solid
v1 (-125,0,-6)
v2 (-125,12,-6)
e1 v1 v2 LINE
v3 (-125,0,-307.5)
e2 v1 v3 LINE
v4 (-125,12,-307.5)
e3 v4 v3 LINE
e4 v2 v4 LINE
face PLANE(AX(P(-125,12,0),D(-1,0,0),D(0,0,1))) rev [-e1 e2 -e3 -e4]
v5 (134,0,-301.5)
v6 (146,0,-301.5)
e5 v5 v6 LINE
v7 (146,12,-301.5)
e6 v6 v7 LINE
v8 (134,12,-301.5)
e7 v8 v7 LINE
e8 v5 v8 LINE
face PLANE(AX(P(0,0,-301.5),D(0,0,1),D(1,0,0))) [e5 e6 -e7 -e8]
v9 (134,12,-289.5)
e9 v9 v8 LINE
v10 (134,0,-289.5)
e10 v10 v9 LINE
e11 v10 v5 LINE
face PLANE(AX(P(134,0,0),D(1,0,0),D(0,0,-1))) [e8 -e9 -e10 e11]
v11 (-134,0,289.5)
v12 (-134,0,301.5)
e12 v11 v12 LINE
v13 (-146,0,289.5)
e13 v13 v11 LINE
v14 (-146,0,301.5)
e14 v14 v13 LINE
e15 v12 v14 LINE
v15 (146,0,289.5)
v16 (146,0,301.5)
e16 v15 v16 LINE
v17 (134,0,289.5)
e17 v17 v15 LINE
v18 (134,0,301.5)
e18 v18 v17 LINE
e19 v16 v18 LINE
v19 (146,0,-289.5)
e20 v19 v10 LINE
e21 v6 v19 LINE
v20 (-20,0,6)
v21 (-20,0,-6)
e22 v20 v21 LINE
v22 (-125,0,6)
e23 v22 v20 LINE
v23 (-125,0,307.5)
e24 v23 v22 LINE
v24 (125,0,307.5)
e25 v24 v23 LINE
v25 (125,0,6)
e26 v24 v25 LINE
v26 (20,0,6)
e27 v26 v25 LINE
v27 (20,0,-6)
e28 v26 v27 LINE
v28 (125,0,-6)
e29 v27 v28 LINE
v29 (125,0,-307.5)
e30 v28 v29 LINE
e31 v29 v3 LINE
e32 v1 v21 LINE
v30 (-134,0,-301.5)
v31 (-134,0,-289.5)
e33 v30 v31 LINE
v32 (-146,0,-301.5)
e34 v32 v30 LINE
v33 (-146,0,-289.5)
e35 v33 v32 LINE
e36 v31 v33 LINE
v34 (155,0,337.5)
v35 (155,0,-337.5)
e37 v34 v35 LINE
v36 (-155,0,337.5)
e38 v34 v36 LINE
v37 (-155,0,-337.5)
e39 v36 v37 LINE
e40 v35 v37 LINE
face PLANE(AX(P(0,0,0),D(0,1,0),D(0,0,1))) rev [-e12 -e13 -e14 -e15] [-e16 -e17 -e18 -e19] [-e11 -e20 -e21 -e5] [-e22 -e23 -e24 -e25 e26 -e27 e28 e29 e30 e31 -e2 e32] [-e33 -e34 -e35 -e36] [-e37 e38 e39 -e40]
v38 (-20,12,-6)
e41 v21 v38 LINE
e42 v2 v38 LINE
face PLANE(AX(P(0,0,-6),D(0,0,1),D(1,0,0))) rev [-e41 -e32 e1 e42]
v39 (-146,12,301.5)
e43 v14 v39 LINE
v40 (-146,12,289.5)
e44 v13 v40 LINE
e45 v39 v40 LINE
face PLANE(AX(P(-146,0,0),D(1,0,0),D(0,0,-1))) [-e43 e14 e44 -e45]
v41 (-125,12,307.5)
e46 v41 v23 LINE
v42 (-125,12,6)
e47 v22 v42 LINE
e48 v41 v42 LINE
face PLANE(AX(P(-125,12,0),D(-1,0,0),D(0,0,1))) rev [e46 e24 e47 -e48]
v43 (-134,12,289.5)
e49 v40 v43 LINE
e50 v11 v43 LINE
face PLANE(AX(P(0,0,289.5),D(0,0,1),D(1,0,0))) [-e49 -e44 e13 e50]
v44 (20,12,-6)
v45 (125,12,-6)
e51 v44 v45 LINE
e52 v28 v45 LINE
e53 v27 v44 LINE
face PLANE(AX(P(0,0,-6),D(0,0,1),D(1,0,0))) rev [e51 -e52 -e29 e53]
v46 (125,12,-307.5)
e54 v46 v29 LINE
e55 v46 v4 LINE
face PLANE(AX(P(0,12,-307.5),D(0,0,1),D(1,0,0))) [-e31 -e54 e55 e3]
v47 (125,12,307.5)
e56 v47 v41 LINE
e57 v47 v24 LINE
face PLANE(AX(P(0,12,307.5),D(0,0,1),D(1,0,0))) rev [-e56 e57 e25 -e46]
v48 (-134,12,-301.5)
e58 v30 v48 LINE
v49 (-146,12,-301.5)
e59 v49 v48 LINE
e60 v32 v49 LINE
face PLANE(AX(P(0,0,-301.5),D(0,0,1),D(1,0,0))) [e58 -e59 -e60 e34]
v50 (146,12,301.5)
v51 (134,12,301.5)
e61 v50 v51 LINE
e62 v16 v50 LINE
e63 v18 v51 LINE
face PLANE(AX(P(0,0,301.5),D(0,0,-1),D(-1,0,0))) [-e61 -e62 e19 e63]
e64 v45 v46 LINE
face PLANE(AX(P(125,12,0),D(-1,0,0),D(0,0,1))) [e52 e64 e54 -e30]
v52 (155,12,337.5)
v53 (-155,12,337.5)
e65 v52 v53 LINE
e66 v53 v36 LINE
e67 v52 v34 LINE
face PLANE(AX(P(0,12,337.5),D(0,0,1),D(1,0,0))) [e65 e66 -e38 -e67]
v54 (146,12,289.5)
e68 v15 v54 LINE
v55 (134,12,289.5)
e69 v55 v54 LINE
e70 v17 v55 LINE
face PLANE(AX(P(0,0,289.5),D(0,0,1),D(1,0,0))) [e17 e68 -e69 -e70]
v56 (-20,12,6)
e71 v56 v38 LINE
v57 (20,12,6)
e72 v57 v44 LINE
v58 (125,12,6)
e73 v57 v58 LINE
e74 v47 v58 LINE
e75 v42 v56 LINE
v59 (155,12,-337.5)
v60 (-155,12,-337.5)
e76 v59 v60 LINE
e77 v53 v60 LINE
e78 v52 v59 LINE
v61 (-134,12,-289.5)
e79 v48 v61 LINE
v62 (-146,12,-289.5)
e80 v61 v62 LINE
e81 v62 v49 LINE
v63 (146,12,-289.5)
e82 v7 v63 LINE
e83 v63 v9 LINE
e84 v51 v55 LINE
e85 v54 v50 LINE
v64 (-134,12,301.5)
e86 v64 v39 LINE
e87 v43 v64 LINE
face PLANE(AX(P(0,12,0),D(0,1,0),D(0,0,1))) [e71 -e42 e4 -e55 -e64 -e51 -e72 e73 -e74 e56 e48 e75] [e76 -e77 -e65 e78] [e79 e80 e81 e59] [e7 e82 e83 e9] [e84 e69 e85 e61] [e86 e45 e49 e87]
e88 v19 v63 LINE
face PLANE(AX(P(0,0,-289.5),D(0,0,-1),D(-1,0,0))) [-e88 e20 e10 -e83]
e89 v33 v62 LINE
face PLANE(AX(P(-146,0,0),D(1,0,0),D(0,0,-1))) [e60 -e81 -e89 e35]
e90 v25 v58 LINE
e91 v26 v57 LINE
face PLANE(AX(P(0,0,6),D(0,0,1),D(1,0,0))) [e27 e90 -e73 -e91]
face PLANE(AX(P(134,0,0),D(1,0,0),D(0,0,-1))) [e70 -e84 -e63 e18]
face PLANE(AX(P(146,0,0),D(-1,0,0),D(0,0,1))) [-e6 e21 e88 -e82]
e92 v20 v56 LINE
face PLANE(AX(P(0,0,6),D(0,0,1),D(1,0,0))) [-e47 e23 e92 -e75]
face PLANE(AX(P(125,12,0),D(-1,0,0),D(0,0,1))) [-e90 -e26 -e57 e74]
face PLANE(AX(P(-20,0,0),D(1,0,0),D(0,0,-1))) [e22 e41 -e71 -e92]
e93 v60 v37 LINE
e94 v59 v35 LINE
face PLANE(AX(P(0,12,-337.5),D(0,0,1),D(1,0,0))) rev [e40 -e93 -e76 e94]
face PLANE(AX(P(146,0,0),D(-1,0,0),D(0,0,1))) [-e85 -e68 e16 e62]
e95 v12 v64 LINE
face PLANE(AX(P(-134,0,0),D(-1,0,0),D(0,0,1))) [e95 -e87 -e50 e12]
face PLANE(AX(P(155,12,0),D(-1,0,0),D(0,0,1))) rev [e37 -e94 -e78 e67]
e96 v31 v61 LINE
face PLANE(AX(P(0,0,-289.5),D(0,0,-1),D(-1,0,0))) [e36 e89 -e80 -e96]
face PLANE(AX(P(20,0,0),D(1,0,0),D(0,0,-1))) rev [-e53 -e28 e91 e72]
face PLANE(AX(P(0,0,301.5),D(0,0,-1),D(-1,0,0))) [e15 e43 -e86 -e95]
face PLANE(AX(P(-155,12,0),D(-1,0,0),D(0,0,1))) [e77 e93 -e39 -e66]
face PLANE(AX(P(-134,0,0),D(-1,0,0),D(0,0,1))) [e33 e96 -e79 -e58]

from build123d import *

# Parameters (mm, degrees)
SKETCH1_W               = 310
SKETCH1_H               = 675
SKETCH1_W_2             = 300
SKETCH1_H_2             = 665
SKETCH1_W_3             = 260
SKETCH1_H_3             = 625
SKETCH1_W_4             = 250
SKETCH1_H_4             = 615
BOSS_EXTRUDE1_DEPTH     = 12
SKETCH2_W               = 12
SKETCH2_H               = 12
CUT_EXTRUDE1_DEPTH      = 1
CUT_EXTRUDE1_DEPTH_BACK = 13
SKETCH3_W               = 105
SKETCH3_H               = 12
BOSS_EXTRUDE2_DEPTH     = 12


with BuildPart() as part:
    # Sketch1 → Boss-Extrude1 (new body)
    with BuildSketch(Plane(origin=(0, 0, 0), x_dir=(1, 0, 0), z_dir=(0, 1, 0))):
        Rectangle(SKETCH1_W, SKETCH1_H)
        Rectangle(SKETCH1_W_2, SKETCH1_H_2, mode=Mode.SUBTRACT)
        Rectangle(SKETCH1_W_2, SKETCH1_H_2)
        Rectangle(SKETCH1_W_3, SKETCH1_H_3, mode=Mode.SUBTRACT)
        Rectangle(SKETCH1_W_3, SKETCH1_H_3)
        Rectangle(SKETCH1_W_4, SKETCH1_H_4, mode=Mode.SUBTRACT)
    extrude(amount=BOSS_EXTRUDE1_DEPTH)

    # Sketch2 → Cut-Extrude1 (cut, two sides)
    with BuildSketch(Plane(origin=(0, 12, 0), x_dir=(1, 0, 0), z_dir=(0, 1, 0))) as cut_extrude1_sk:
        with Locations((-140, -295.5)):
            Rectangle(SKETCH2_W, SKETCH2_H)
        with Locations((-140, 295.5)):
            Rectangle(SKETCH2_W, SKETCH2_H)
        with Locations((140, 295.5)):
            Rectangle(SKETCH2_W, SKETCH2_H)
        with Locations((140, -295.5)):
            Rectangle(SKETCH2_W, SKETCH2_H)
    extrude(amount=CUT_EXTRUDE1_DEPTH, mode=Mode.SUBTRACT)
    extrude(cut_extrude1_sk.sketch, amount=-CUT_EXTRUDE1_DEPTH_BACK, mode=Mode.SUBTRACT)

    # Sketch3 → Boss-Extrude2 (add)
    with BuildSketch(Plane(origin=(0, 12, 0), x_dir=(1, 0, 0), z_dir=(0, 1, 0))):
        with Locations((-72.5, 0)):
            Rectangle(SKETCH3_W, SKETCH3_H)
        with Locations((72.5, 0)):
            Rectangle(SKETCH3_W, SKETCH3_H)
    extrude(amount=-BOSS_EXTRUDE2_DEPTH)


solid = part.part
